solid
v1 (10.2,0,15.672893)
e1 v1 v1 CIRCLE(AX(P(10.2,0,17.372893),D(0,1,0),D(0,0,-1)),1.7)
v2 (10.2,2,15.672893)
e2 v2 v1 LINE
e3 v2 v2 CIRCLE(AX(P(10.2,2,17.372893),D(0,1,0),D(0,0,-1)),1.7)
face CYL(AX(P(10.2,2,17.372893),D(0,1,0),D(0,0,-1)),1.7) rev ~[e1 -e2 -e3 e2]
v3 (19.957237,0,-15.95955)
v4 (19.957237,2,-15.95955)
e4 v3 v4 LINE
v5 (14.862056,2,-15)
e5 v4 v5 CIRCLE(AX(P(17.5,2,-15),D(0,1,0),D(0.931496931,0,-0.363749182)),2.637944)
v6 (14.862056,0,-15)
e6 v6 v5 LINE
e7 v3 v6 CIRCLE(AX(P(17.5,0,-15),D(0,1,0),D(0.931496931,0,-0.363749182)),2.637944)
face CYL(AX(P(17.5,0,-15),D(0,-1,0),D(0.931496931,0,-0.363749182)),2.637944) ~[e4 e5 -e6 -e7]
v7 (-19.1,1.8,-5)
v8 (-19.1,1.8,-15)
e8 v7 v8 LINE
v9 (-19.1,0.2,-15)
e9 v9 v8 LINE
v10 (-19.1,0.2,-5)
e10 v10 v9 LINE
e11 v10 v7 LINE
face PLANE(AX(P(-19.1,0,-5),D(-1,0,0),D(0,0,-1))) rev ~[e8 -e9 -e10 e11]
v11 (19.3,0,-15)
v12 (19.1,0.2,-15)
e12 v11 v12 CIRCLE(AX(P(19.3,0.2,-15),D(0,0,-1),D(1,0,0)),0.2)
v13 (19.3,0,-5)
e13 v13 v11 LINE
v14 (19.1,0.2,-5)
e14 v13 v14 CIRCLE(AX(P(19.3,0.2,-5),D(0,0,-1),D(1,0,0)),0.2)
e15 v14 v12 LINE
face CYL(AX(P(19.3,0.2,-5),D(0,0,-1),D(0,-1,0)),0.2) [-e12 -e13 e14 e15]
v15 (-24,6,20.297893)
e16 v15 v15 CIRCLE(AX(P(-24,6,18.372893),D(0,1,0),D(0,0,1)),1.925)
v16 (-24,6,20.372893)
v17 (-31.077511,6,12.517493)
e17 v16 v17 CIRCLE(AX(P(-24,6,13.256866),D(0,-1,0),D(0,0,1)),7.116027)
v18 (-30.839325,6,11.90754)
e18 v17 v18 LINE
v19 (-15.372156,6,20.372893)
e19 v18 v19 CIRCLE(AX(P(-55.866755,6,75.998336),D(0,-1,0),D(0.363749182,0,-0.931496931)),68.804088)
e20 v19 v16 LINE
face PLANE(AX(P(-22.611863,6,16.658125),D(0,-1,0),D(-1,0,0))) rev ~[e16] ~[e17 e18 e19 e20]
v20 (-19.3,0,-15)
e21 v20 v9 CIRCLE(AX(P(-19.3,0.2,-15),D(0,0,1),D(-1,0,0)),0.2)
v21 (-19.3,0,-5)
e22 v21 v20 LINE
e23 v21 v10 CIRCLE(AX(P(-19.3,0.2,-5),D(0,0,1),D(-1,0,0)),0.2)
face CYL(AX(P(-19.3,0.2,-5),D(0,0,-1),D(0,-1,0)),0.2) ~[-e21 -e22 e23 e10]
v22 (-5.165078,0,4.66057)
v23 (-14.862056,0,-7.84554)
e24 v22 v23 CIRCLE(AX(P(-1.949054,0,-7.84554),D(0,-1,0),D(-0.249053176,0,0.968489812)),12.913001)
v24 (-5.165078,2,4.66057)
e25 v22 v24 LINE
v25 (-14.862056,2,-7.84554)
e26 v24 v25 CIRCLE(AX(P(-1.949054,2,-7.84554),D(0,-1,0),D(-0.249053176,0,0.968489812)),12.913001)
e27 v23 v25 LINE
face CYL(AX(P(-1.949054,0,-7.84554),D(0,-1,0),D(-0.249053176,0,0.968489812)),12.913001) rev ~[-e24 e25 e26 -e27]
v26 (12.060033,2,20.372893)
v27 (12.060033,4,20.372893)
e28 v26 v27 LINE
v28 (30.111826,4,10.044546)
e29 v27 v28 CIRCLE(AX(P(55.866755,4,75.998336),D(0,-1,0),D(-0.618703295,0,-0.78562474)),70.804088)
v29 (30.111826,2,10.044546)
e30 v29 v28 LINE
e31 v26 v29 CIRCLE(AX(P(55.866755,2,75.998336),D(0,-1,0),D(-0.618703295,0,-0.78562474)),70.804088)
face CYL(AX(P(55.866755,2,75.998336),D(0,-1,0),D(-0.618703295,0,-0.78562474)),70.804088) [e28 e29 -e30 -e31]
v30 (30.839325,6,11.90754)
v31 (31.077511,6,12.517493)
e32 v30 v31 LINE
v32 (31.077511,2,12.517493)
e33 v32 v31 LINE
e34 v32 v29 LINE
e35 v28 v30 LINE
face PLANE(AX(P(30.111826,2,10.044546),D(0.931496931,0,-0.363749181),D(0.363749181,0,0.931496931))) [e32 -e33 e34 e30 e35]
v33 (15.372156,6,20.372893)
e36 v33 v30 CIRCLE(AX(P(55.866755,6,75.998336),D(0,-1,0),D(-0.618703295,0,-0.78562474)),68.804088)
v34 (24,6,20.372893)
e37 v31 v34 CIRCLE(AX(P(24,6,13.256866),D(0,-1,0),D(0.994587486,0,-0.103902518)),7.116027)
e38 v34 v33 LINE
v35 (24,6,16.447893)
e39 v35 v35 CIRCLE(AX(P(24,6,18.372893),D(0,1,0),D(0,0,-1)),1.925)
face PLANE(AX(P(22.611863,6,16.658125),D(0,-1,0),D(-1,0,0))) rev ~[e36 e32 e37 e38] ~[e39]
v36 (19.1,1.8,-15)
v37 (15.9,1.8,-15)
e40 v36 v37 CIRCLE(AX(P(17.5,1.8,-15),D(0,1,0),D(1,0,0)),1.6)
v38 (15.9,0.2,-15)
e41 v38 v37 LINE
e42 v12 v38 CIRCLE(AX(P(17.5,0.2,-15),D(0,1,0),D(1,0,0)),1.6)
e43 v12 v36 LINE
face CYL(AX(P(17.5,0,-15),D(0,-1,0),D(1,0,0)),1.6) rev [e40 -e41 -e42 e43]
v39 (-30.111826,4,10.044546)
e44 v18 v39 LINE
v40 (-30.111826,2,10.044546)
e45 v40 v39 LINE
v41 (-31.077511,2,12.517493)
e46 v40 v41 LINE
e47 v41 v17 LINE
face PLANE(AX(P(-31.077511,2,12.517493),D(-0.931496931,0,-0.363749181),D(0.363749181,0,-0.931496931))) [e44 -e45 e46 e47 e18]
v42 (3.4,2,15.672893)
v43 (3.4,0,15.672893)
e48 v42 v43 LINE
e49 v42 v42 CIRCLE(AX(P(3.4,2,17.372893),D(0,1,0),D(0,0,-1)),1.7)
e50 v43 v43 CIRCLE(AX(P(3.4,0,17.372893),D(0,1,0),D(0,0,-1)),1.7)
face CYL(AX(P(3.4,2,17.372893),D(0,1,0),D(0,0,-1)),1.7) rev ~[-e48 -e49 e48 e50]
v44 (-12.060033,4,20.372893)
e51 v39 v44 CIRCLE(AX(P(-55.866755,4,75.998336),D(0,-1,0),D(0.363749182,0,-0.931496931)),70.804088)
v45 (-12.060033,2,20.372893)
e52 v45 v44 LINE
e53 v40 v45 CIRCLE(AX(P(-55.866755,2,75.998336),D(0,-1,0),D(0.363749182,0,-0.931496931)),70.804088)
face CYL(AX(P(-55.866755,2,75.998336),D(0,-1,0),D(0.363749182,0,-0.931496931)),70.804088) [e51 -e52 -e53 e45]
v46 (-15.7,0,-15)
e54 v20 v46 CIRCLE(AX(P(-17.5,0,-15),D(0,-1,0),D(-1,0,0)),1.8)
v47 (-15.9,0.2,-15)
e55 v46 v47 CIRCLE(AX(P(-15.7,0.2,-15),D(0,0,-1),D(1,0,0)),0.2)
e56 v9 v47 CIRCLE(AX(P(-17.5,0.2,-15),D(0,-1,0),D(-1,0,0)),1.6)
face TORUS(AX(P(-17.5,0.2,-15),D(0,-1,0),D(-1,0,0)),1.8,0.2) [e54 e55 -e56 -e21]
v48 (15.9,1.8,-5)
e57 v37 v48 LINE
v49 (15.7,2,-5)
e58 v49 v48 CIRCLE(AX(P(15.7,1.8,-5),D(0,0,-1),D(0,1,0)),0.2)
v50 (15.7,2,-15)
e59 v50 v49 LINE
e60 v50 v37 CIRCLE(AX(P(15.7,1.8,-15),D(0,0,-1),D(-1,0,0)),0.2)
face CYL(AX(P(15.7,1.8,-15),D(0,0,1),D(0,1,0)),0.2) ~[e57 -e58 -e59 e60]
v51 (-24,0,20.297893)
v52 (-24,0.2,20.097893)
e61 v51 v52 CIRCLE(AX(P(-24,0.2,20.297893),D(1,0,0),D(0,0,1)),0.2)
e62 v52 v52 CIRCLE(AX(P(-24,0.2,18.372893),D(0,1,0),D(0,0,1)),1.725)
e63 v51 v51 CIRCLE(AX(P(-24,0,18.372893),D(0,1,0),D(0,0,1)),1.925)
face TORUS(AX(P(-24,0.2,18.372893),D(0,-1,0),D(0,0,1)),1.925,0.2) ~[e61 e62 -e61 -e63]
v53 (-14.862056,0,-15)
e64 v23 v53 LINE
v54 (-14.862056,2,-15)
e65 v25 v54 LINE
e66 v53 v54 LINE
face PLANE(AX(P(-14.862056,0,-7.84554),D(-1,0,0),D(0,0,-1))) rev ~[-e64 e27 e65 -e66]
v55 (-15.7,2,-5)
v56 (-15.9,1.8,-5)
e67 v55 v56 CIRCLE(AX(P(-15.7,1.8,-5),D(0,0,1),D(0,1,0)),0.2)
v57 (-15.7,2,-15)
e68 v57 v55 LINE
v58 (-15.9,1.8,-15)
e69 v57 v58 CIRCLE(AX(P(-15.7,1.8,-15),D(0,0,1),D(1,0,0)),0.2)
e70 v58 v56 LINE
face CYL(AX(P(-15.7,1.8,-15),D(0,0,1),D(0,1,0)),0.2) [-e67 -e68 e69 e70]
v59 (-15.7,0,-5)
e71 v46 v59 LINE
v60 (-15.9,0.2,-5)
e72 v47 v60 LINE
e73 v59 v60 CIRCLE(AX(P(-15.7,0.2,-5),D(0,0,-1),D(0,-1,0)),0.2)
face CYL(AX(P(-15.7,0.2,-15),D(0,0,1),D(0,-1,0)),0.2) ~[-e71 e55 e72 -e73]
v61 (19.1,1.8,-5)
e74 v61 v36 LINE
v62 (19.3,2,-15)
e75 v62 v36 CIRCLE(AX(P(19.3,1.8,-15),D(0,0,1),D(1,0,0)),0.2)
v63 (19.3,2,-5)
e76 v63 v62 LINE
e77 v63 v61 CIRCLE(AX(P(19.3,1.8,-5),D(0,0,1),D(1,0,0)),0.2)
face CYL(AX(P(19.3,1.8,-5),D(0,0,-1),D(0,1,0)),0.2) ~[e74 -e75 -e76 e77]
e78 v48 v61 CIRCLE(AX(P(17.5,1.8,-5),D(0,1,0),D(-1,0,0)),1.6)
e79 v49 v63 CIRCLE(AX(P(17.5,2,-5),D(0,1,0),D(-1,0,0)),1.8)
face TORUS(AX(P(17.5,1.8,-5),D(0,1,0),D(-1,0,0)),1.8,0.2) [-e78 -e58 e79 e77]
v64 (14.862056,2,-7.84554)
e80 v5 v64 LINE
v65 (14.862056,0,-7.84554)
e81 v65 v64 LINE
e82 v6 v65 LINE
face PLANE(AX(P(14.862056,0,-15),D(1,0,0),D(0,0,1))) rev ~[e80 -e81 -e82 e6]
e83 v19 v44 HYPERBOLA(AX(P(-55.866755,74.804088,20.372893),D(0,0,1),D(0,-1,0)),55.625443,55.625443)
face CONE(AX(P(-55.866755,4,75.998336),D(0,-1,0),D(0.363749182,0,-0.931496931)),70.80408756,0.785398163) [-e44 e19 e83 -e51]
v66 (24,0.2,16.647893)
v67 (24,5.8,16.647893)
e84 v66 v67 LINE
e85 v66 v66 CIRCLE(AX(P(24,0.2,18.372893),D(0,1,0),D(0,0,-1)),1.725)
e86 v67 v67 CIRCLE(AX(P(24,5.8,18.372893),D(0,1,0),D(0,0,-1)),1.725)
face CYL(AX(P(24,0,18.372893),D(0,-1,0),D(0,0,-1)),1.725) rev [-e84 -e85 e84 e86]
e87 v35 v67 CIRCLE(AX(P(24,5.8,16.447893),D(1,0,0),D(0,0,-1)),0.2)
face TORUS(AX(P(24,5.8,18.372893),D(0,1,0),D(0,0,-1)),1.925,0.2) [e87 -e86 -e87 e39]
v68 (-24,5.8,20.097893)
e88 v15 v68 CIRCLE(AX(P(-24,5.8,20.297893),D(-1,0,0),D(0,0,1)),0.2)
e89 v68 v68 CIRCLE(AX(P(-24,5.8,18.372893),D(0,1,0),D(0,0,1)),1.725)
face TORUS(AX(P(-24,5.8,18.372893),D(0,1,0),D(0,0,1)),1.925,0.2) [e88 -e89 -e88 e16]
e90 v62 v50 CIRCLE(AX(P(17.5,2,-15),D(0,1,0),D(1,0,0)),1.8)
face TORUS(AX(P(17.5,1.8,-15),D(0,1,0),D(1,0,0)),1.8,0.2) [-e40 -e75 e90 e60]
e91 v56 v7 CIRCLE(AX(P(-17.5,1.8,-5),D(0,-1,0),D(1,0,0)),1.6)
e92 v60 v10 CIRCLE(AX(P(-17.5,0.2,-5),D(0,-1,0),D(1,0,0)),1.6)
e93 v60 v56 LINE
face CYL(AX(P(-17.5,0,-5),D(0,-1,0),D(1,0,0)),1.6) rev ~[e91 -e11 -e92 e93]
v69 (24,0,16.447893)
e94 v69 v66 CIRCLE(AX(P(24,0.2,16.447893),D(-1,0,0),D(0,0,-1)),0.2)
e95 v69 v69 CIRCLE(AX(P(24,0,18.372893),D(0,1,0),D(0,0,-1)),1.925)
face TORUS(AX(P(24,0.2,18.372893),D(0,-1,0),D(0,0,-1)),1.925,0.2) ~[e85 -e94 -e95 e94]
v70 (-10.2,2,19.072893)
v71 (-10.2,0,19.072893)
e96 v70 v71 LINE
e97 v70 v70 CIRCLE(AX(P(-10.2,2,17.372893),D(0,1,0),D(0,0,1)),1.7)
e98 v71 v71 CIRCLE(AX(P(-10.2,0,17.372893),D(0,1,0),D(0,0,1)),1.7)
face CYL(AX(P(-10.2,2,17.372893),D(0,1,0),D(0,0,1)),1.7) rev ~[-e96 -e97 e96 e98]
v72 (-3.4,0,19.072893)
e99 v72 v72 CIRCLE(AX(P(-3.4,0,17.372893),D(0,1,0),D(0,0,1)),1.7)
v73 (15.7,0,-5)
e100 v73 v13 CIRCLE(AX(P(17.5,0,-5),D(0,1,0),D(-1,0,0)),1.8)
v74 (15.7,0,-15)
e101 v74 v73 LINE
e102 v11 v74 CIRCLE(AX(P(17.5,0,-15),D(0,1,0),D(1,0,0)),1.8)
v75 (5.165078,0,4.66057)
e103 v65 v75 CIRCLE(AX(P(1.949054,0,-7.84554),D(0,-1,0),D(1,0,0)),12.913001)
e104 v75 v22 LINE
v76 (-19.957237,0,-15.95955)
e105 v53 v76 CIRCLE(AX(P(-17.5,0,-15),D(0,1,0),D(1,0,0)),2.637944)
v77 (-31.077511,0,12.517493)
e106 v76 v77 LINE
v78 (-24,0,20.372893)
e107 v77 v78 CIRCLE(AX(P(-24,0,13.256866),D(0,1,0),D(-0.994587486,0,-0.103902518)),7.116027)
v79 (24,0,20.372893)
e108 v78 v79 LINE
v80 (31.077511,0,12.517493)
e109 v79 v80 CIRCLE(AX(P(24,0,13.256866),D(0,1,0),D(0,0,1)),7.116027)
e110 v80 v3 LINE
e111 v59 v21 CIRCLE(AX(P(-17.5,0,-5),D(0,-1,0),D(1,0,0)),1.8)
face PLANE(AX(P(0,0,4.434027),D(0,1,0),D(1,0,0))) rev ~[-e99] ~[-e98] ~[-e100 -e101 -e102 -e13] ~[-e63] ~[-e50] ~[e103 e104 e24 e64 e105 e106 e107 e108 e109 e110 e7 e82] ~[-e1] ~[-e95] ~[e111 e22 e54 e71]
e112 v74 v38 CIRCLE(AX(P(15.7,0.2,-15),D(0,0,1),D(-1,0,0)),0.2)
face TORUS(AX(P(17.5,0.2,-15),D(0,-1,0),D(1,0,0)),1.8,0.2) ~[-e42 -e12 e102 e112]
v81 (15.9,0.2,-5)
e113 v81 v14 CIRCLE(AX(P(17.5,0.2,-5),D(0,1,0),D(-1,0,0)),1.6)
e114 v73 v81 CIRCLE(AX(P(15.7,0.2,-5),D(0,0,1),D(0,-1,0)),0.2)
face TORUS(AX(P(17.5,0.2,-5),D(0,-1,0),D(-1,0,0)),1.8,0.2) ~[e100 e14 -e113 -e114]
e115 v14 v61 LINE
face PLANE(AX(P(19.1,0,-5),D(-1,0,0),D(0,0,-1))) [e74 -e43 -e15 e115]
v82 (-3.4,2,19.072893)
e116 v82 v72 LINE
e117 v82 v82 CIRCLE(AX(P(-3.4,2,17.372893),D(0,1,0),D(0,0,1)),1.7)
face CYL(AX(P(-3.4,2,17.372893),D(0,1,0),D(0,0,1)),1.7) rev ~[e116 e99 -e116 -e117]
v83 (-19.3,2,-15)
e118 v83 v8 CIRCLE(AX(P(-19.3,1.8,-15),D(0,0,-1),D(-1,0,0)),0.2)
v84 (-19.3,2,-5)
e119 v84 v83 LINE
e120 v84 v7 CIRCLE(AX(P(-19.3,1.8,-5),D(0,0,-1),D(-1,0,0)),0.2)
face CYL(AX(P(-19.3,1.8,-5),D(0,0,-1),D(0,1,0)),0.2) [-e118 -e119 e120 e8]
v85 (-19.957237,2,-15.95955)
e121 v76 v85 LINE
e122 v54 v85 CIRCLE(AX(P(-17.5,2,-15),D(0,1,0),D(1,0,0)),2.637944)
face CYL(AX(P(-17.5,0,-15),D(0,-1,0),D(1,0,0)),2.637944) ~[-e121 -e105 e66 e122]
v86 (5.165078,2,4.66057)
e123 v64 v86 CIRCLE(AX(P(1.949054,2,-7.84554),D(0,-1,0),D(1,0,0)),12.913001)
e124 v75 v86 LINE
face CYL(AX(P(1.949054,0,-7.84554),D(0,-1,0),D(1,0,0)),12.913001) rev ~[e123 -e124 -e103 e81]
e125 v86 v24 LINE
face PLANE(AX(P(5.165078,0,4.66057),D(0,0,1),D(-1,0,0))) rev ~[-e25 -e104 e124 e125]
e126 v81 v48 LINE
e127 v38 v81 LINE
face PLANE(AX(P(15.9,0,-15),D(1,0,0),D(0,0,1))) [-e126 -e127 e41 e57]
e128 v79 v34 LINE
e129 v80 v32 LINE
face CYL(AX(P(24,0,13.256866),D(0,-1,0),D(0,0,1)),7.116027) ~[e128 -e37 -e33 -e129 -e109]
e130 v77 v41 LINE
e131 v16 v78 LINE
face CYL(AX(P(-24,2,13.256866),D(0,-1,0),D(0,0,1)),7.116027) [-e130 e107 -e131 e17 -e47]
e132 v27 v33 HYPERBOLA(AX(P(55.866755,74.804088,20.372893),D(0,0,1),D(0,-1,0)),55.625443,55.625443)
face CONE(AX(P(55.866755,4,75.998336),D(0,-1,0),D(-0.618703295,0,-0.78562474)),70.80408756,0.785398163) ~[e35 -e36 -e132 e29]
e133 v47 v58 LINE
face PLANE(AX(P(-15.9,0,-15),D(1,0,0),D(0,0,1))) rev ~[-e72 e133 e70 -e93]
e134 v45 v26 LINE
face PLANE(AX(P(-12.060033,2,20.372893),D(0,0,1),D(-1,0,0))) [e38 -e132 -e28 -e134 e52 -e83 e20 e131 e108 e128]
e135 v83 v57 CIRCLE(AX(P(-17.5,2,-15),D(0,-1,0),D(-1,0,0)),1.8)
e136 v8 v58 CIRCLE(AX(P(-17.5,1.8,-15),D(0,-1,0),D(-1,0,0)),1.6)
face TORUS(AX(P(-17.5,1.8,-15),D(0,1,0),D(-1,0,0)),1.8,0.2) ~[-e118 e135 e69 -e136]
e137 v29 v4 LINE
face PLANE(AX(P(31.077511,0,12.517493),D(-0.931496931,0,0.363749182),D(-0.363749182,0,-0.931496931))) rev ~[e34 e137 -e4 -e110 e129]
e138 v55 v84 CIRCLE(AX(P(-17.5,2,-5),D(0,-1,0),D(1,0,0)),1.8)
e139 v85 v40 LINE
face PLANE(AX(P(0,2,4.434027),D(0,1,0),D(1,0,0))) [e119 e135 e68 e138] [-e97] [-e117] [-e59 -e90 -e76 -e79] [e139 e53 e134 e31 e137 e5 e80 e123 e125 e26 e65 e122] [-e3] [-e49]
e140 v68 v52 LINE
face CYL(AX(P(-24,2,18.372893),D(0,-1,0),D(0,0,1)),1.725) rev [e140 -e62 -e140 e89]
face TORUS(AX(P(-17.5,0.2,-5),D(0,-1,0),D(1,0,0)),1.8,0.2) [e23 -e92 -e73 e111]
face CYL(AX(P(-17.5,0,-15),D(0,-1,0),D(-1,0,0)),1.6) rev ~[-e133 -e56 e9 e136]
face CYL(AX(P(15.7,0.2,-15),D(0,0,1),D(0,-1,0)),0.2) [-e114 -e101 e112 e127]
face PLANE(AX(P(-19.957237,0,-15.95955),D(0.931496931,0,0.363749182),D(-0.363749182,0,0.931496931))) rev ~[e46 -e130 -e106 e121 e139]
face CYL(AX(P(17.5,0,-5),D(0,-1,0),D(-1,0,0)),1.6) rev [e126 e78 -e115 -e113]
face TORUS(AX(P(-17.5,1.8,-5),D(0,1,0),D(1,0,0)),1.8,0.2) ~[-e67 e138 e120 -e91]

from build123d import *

# Parameters (mm, degrees)
ESBO_O1_R                = 1.725
RESSALTO_EXTRUS_O1_DEPTH = 2
ESBO_O2_R                = 1.725
RESSALTO_EXTRUS_O2_DEPTH = 4
CHANFRO1_SIZE            = 2
ESBO_O3_R                = 1.7
CORTE_EXTRUS_O1_DEPTH    = 4
FILETE3_R                = 0.2


with BuildPart() as part:
    # Esboço1 → Ressalto-extrusão1 (new body)
    with BuildSketch(Plane(origin=(0, 0, 0), x_dir=(1, 0, 0), z_dir=(0, 1, 0))):
        with BuildLine():
            Line((-24, -20.372893192), (24, -20.372893192))
            ThreePointArc((24, -20.372893192), (29.286739845, -18.020081616), (31.077511211, -12.517493279))
            Line((31.077511211, -12.517493279), (19.957237079, 15.959550104))
            ThreePointArc((19.957237079, 15.959550104), (17.01179115, 17.592373928), (14.862055637, 15))
            Line((14.862055637, 15), (14.862055637, 7.84553968))
            ThreePointArc((14.862055637, 7.84553968), (12.153811193, -0.067016155), (5.165078364, -4.660570472))
            Line((5.165078364, -4.660570472), (-5.165078364, -4.660570472))
            ThreePointArc((-5.165078364, -4.660570472), (-12.153811193, -0.067016155), (-14.862055637, 7.84553968))
            Line((-14.862055637, 7.84553968), (-14.862055637, 15))
            ThreePointArc((-14.862055637, 15), (-17.01179115, 17.592373928), (-19.957237079, 15.959550104))
            Line((-19.957237079, 15.959550104), (-31.077511211, -12.517493279))
            ThreePointArc((-31.077511211, -12.517493279), (-29.286739845, -18.020081616), (-24, -20.372893192))
        make_face()
        with Locations(Location((24, -18.372893192, 0), (0, 0, 90))):
            Circle(ESBO_O1_R, mode=Mode.SUBTRACT)
        with Locations(Location((-24, -18.372893192, 0), (0, 0, 270))):
            Circle(ESBO_O1_R, mode=Mode.SUBTRACT)
        with BuildLine():
            Line((-15.9, 15), (-15.9, 5))
            ThreePointArc((-15.9, 5), (-17.5, 3.4), (-19.1, 5))
            Line((-19.1, 5), (-19.1, 15))
            ThreePointArc((-19.1, 15), (-17.5, 16.6), (-15.9, 15))
        make_face(mode=Mode.SUBTRACT)
        with BuildLine():
            Line((15.9, 15), (15.9, 5))
            ThreePointArc((15.9, 5), (17.5, 3.4), (19.1, 5))
            Line((19.1, 5), (19.1, 15))
            ThreePointArc((19.1, 15), (17.5, 16.6), (15.9, 15))
        make_face(mode=Mode.SUBTRACT)
    extrude(amount=RESSALTO_EXTRUS_O1_DEPTH)

    # Esboço2 → Ressalto-extrusão2 (add)
    # profile 1 of 2: a face of its own
    with BuildSketch(Plane(origin=(0, 2, 0), x_dir=(1, 0, 0), z_dir=(0, 1, 0))):
        with BuildLine():
            Line((-12.060032838, -20.372893192), (-24, -20.372893192))
            ThreePointArc((-24, -20.372893192), (-29.286739845, -18.020081616), (-31.077511211, -12.517493279))
            Line((-31.077511211, -12.517493279), (-30.11182621, -10.044545817))
            ThreePointArc((-30.11182621, -10.044545817), (-20.70463745, -14.542300621), (-12.060032838, -20.372893192))
        make_face()
        with Locations(Location((-24, -18.372893192, 0), (0, 0, 270))):
            Circle(ESBO_O2_R, mode=Mode.SUBTRACT)
    # profile 2 of 2: a face of its own
    with BuildSketch(Plane(origin=(0, 2, 0), x_dir=(1, 0, 0), z_dir=(0, 1, 0))):
        with BuildLine():
            Line((30.11182621, -10.044545817), (31.077511211, -12.517493279))
            ThreePointArc((31.077511211, -12.517493279), (29.286739845, -18.020081616), (24, -20.372893192))
            Line((24, -20.372893192), (12.060032838, -20.372893192))
            ThreePointArc((12.060032838, -20.372893192), (20.70463745, -14.542300621), (30.11182621, -10.044545817))
        make_face()
        with Locations(Location((24, -18.372893192, 0), (0, 0, 90))):
            Circle(ESBO_O2_R, mode=Mode.SUBTRACT)
    extrude(amount=RESSALTO_EXTRUS_O2_DEPTH)

    # Chanfro1
    chanfro1_edges = [part.edges().sort_by_distance(p)[0] for p in [
        (-20.70463745, 6, 14.542300621),
        (20.70463745, 6, 14.542300621),
    ]]
    chamfer(chanfro1_edges, length=CHANFRO1_SIZE)

    # Esboço3 → Corte-extrusão1 (cut)
    with BuildSketch(Plane(origin=(0, 2, 0), x_dir=(1, 0, 0), z_dir=(0, 1, 0))):
        with Locations(Location((-3.4, -17.372893192, 0), (0, 0, 270))):
            Circle(ESBO_O3_R)
        with Locations(Location((-10.2, -17.372893192, 0), (0, 0, 270))):
            Circle(ESBO_O3_R)
        with Locations(Location((10.2, -17.372893192, 0), (0, 0, 90))):
            Circle(ESBO_O3_R)
        with Locations(Location((3.4, -17.372893192, 0), (0, 0, 90))):
            Circle(ESBO_O3_R)
    extrude(amount=-CORTE_EXTRUS_O1_DEPTH, mode=Mode.SUBTRACT)

    # Filete3
    filete3_edges = [part.edges().sort_by_distance(p)[0] for p in [
        (24, 0, 20.097893192),
        (-17.5, 0, -16.6),
        (-19.1, 0, -10),
        (-17.5, 0, -3.4),
        (-15.9, 0, -10),
        (-17.5, 2, -16.6),
        (-19.1, 2, -10),
        (-17.5, 2, -3.4),
        (-15.9, 2, -10),
        (-24, 0, 16.647893192),
        (17.5, 0, -16.6),
        (15.9, 0, -10),
        (17.5, 0, -3.4),
        (19.1, 0, -10),
        (17.5, 2, -16.6),
        (15.9, 2, -10),
        (17.5, 2, -3.4),
        (19.1, 2, -10),
        (-24, 6, 16.647893192),
        (24, 6, 20.097893192),
    ]]
    fillet(filete3_edges, radius=FILETE3_R)


solid = part.part
